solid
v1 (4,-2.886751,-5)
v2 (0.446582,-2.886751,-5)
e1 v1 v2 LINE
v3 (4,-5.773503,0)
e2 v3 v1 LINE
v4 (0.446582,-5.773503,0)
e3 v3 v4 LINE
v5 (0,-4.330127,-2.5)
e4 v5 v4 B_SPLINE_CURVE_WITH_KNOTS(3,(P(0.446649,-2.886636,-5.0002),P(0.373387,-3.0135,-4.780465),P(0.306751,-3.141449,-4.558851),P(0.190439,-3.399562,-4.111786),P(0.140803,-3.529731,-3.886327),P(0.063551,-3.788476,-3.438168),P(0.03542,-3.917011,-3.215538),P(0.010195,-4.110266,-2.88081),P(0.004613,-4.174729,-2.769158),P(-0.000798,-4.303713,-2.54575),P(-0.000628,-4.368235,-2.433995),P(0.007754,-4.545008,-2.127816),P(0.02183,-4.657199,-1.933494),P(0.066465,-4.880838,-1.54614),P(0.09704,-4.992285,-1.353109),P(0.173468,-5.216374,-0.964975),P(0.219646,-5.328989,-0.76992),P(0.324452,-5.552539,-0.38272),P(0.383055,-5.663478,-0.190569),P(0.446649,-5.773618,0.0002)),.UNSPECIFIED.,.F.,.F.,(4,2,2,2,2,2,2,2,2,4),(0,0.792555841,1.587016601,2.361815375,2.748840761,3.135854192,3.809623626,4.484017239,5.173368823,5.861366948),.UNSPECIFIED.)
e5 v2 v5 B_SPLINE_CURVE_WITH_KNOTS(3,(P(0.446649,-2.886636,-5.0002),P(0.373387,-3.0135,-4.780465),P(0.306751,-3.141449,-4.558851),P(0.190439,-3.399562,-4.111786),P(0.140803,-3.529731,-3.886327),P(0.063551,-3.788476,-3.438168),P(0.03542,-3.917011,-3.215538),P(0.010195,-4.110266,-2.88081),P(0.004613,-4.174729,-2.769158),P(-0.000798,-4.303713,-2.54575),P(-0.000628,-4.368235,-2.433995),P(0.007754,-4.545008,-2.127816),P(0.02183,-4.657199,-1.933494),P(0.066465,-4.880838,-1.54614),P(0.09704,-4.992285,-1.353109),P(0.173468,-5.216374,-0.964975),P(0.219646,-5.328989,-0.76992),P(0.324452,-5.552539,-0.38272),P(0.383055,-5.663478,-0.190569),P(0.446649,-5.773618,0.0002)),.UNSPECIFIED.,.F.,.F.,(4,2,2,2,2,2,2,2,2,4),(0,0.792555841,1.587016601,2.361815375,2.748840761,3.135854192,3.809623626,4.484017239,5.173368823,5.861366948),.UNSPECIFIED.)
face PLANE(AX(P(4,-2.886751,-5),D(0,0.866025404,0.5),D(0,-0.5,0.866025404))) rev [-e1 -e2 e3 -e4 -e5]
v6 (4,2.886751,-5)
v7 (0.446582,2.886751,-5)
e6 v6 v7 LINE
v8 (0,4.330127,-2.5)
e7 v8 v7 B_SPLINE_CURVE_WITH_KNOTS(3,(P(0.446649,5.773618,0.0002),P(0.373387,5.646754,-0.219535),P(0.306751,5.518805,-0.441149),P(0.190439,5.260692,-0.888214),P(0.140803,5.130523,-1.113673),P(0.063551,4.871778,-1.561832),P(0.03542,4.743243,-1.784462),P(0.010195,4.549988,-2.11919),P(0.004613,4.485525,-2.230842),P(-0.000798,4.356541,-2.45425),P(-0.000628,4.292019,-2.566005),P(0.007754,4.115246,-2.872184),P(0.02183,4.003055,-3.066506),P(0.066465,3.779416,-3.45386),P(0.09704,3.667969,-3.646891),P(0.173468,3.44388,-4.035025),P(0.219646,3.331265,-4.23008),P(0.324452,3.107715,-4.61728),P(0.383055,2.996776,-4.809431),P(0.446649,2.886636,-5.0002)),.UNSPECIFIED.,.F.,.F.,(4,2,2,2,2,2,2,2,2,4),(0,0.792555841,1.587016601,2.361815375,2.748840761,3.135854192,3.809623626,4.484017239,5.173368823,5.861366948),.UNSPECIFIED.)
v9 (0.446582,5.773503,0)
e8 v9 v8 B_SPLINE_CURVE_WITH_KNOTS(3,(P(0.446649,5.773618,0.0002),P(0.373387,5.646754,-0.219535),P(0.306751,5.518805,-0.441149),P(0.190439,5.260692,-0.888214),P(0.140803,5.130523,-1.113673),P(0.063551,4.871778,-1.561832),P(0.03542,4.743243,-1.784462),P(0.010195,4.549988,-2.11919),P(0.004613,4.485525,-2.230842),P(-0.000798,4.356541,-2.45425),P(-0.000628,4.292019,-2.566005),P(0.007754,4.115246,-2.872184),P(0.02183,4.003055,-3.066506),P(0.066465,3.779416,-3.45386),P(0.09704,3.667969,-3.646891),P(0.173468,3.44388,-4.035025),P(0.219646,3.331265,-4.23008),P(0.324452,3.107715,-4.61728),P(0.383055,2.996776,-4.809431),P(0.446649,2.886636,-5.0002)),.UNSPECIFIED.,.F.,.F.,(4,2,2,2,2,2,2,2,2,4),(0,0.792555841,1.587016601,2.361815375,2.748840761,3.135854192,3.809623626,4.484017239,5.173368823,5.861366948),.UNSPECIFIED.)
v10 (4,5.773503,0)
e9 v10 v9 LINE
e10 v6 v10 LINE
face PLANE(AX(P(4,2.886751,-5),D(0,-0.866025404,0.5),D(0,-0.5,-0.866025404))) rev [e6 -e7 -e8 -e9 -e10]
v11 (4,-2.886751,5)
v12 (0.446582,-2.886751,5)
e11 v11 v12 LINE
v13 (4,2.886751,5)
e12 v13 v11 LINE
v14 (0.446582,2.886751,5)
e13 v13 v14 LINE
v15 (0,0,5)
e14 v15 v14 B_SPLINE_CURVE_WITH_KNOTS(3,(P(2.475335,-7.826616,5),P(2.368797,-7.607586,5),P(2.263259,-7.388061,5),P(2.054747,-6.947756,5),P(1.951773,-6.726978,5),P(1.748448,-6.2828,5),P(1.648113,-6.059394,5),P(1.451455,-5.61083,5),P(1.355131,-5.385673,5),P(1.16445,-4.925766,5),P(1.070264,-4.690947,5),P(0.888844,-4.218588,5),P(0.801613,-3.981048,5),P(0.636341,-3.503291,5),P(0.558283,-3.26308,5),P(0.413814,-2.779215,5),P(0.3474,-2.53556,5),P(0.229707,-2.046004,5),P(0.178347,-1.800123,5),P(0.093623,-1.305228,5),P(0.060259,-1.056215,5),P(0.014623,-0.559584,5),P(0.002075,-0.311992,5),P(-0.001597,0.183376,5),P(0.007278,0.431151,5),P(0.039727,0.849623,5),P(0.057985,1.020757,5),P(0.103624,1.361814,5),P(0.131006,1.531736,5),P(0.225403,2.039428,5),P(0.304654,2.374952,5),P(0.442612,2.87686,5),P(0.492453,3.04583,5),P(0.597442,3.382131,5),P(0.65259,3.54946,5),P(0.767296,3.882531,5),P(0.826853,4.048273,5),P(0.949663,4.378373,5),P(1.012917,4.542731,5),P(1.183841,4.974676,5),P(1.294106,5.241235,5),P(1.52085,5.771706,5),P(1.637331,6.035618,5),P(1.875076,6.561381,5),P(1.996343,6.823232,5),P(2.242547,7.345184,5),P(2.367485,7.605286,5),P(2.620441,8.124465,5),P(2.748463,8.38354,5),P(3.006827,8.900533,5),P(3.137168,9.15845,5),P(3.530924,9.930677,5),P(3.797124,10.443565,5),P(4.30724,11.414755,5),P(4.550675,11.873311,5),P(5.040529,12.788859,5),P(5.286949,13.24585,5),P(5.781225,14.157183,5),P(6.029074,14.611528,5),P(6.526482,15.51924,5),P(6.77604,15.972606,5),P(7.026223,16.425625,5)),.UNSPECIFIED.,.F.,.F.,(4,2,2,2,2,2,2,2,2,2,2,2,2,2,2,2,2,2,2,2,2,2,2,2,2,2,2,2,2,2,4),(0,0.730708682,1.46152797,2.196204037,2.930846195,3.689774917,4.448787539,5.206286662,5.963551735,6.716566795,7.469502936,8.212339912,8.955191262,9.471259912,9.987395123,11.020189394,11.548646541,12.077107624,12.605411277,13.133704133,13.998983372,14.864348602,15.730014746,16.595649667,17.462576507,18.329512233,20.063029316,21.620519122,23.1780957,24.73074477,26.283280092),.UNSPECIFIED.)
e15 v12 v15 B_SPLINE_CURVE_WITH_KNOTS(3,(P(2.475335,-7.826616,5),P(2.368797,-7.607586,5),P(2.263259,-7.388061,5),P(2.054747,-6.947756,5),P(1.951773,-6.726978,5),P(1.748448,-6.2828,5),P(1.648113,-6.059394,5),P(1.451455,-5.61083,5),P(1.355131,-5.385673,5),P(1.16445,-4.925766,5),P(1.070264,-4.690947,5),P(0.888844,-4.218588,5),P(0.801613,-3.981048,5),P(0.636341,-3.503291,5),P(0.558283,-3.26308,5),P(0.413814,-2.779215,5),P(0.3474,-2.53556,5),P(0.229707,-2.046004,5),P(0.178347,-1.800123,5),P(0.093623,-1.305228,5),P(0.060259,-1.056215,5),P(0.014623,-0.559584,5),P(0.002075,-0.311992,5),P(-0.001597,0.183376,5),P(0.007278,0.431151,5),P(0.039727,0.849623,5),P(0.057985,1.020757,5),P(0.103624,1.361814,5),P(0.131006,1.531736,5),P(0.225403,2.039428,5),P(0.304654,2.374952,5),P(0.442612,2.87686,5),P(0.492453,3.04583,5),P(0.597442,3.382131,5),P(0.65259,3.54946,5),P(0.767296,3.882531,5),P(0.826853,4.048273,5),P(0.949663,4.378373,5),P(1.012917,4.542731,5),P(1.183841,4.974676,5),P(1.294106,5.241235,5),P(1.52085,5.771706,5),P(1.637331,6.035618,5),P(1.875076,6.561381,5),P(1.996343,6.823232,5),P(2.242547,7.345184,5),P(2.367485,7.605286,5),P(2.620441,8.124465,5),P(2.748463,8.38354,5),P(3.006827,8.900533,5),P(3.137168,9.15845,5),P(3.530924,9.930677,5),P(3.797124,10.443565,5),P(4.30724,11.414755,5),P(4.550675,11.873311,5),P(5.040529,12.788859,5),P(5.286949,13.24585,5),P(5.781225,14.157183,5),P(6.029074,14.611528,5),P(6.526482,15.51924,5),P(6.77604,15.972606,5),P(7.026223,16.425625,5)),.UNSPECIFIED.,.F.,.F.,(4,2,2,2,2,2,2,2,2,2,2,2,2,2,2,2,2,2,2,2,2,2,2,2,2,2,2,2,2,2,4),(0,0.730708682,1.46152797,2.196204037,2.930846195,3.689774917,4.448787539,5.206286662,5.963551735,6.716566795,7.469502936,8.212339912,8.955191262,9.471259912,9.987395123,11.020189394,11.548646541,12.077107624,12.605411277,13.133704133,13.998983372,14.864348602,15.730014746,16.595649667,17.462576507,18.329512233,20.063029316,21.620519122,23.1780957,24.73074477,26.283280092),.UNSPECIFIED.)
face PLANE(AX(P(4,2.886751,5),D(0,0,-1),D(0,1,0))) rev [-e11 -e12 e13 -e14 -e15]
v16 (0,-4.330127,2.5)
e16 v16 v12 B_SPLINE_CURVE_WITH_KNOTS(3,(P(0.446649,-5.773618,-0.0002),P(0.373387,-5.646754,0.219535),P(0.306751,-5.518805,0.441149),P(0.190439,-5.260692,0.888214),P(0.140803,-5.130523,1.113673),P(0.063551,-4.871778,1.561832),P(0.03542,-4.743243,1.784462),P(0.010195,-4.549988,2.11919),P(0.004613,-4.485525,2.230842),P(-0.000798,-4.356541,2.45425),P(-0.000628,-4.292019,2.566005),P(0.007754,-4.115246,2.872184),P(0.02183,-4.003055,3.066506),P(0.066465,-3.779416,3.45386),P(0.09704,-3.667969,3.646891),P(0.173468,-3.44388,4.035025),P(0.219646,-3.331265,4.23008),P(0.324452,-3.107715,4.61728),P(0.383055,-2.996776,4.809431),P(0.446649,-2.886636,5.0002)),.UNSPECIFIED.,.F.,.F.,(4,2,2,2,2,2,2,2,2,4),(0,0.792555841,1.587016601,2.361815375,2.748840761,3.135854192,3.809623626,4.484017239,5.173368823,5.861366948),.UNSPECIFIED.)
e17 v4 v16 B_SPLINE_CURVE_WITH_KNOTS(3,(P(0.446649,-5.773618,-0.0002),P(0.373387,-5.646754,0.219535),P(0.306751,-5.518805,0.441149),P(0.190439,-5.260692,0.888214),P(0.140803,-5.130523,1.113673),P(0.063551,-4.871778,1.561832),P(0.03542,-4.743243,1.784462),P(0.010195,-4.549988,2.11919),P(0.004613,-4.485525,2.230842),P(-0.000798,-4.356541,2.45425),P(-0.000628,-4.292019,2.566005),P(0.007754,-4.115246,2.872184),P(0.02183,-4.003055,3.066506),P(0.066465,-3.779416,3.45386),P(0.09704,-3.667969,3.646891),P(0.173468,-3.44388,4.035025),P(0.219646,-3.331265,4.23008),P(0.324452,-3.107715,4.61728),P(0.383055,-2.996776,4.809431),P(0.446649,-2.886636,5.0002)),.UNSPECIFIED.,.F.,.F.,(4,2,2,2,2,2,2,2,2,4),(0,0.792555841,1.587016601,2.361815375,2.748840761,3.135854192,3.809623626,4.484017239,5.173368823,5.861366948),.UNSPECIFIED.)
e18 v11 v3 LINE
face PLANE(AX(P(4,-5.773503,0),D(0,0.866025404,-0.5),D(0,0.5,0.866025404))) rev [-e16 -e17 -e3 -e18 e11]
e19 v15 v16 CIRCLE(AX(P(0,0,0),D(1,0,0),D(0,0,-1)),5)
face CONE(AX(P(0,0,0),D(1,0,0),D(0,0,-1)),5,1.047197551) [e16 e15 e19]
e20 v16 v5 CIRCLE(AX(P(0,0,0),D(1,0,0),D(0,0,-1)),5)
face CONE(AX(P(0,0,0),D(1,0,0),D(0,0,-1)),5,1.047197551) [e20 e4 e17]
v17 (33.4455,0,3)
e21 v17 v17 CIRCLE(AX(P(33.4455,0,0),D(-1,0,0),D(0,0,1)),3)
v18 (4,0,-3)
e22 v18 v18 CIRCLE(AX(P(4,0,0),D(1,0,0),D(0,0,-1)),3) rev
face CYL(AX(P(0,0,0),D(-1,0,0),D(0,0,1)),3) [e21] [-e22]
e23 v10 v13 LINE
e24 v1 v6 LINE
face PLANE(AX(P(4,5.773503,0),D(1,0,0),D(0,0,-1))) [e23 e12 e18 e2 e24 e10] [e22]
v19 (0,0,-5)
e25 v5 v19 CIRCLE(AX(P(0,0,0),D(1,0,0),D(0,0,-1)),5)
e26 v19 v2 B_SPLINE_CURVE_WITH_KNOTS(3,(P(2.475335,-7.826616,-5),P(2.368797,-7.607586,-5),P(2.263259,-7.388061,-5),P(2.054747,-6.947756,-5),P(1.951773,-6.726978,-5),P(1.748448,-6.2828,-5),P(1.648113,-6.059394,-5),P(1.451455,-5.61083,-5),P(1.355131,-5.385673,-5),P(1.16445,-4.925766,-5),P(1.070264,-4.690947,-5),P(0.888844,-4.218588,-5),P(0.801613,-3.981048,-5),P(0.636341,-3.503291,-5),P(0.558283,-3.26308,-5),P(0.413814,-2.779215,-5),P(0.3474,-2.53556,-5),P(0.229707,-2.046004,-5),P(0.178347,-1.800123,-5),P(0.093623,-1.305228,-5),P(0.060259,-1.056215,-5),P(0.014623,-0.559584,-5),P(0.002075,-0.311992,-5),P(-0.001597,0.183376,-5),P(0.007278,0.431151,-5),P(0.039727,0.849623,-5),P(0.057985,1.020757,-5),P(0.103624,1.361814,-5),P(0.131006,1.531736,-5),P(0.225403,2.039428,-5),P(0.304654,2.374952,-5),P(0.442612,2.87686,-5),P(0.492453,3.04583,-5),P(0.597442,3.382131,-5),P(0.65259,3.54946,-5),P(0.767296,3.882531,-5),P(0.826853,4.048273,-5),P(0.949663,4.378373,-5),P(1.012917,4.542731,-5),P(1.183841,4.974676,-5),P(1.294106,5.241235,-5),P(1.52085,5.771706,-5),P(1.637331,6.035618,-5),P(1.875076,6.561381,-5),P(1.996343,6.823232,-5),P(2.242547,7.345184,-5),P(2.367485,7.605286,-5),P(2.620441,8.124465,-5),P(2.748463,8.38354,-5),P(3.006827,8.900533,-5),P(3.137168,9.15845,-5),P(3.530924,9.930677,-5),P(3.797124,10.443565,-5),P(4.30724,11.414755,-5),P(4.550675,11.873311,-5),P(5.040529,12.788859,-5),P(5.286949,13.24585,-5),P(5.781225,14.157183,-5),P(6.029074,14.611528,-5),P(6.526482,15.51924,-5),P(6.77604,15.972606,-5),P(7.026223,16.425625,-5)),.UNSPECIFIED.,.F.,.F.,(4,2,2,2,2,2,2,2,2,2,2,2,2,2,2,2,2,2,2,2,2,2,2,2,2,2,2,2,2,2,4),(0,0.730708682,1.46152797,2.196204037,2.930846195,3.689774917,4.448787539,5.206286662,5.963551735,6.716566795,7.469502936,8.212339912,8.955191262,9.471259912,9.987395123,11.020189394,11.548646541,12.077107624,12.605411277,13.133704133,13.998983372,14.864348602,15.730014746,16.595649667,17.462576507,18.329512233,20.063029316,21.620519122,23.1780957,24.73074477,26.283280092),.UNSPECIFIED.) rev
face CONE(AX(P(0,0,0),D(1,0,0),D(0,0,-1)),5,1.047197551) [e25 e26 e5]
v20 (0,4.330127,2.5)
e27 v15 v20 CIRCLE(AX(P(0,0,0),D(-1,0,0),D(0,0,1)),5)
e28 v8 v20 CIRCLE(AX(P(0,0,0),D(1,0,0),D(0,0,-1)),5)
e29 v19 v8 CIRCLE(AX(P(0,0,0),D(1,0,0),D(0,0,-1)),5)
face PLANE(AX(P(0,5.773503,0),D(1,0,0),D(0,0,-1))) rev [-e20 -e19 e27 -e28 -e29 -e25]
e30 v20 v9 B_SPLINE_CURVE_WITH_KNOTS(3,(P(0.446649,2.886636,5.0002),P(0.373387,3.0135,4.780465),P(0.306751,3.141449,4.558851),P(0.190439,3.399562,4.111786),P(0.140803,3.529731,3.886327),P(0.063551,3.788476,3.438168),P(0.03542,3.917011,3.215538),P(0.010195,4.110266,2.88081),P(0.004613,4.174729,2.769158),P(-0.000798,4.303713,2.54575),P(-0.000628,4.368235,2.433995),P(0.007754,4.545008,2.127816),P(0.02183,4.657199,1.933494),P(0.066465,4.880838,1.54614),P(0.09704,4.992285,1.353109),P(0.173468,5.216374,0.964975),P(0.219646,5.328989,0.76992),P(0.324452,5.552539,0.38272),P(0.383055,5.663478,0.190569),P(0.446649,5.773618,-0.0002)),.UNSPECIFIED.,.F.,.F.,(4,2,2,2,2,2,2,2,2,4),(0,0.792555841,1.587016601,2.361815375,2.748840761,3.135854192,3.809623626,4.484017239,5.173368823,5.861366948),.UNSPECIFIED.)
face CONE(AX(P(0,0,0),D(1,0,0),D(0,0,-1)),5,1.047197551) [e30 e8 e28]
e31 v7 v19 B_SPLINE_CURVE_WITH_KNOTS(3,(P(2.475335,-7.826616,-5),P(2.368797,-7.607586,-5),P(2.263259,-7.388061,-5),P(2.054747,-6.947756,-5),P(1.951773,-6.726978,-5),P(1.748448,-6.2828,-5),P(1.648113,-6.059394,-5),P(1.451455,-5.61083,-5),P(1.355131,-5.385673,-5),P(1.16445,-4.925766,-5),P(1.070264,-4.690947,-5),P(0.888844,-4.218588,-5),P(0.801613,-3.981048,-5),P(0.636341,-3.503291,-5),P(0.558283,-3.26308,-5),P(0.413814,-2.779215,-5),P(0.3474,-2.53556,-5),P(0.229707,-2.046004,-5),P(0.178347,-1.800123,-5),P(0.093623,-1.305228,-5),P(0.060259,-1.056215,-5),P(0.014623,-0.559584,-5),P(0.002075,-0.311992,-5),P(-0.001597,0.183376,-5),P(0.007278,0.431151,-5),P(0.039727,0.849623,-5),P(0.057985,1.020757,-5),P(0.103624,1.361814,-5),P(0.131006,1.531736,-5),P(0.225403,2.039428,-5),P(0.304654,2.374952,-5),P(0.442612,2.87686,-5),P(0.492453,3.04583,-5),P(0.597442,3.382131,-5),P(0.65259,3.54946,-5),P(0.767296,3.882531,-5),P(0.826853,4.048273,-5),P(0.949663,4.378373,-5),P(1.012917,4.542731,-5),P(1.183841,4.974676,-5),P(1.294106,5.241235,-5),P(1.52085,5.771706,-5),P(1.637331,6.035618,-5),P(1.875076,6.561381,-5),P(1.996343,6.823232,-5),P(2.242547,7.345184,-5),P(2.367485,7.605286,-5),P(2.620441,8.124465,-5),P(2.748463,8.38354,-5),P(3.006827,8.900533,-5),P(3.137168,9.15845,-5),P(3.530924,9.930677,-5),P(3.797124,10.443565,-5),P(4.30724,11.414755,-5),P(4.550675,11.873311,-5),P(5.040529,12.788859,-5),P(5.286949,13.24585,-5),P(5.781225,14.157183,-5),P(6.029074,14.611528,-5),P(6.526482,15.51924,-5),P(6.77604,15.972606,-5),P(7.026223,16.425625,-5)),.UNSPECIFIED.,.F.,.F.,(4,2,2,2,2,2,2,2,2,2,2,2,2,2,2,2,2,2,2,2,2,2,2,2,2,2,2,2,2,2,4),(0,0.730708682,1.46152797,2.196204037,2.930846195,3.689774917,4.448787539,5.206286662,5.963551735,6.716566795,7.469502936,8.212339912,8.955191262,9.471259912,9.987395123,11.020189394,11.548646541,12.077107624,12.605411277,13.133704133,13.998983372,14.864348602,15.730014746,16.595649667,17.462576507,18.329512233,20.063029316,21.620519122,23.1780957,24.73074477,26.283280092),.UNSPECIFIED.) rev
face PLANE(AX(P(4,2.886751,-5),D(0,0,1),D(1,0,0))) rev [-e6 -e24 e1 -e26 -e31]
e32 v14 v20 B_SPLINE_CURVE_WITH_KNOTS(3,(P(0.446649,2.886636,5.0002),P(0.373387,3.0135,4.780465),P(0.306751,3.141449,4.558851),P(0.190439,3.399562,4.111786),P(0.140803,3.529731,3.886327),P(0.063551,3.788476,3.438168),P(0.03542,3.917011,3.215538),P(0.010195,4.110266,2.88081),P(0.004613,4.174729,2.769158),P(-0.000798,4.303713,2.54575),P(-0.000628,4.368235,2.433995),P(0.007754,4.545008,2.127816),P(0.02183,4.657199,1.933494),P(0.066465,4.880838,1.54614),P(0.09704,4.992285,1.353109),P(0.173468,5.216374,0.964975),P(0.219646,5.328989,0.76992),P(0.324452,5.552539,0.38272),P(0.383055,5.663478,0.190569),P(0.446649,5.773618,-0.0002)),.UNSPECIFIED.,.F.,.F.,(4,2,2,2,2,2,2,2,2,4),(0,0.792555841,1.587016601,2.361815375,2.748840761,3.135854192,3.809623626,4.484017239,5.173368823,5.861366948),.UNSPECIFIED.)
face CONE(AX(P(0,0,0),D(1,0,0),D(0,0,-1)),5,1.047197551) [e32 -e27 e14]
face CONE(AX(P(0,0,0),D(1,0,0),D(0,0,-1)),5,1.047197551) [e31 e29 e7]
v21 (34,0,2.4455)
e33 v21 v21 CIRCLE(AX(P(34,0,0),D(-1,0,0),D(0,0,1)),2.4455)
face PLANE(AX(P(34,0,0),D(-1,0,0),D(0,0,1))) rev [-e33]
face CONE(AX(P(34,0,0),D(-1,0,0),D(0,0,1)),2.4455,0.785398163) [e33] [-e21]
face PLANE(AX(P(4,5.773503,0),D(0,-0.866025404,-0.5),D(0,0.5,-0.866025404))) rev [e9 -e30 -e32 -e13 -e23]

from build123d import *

# Parameters (mm, degrees)
BASEHEAD_DEPTH = 4


with BuildPart() as part:
    # Sketch1 → BaseHead (new body)
    with BuildSketch(Plane(origin=(0, 0, 0), x_dir=(0, 0, -1), z_dir=(1, 0, 0))):
        Polygon((5, 2.886751346), (5, -2.886751346), (0, -5.773502692), (-5, -2.886751346), (-5, 2.886751346), (0, 5.773502692), align=None)
    extrude(amount=BASEHEAD_DEPTH)

    # BodySke → BaseBody (revolve)
    with BuildSketch(Plane.XY):
        Polygon((0, 0), (34, 0), (34, 2.4455), (33.4455, 3), (0, 3), align=None)
    revolve(axis=Axis((0, 0, 0), (1, 0, 0)))

    # Sketch3 → HeadChamfer (revolve, cut)
    with BuildSketch(Plane.XY):
        Polygon((0, 5), (3.333333333, 10.773502692), (3.333333333, 15.773502692), (-10, 15.773502692), (-10, 5), align=None)
    revolve(axis=Axis((0, 0, 0), (1, 0, 0)), mode=Mode.SUBTRACT)


solid = part.part
